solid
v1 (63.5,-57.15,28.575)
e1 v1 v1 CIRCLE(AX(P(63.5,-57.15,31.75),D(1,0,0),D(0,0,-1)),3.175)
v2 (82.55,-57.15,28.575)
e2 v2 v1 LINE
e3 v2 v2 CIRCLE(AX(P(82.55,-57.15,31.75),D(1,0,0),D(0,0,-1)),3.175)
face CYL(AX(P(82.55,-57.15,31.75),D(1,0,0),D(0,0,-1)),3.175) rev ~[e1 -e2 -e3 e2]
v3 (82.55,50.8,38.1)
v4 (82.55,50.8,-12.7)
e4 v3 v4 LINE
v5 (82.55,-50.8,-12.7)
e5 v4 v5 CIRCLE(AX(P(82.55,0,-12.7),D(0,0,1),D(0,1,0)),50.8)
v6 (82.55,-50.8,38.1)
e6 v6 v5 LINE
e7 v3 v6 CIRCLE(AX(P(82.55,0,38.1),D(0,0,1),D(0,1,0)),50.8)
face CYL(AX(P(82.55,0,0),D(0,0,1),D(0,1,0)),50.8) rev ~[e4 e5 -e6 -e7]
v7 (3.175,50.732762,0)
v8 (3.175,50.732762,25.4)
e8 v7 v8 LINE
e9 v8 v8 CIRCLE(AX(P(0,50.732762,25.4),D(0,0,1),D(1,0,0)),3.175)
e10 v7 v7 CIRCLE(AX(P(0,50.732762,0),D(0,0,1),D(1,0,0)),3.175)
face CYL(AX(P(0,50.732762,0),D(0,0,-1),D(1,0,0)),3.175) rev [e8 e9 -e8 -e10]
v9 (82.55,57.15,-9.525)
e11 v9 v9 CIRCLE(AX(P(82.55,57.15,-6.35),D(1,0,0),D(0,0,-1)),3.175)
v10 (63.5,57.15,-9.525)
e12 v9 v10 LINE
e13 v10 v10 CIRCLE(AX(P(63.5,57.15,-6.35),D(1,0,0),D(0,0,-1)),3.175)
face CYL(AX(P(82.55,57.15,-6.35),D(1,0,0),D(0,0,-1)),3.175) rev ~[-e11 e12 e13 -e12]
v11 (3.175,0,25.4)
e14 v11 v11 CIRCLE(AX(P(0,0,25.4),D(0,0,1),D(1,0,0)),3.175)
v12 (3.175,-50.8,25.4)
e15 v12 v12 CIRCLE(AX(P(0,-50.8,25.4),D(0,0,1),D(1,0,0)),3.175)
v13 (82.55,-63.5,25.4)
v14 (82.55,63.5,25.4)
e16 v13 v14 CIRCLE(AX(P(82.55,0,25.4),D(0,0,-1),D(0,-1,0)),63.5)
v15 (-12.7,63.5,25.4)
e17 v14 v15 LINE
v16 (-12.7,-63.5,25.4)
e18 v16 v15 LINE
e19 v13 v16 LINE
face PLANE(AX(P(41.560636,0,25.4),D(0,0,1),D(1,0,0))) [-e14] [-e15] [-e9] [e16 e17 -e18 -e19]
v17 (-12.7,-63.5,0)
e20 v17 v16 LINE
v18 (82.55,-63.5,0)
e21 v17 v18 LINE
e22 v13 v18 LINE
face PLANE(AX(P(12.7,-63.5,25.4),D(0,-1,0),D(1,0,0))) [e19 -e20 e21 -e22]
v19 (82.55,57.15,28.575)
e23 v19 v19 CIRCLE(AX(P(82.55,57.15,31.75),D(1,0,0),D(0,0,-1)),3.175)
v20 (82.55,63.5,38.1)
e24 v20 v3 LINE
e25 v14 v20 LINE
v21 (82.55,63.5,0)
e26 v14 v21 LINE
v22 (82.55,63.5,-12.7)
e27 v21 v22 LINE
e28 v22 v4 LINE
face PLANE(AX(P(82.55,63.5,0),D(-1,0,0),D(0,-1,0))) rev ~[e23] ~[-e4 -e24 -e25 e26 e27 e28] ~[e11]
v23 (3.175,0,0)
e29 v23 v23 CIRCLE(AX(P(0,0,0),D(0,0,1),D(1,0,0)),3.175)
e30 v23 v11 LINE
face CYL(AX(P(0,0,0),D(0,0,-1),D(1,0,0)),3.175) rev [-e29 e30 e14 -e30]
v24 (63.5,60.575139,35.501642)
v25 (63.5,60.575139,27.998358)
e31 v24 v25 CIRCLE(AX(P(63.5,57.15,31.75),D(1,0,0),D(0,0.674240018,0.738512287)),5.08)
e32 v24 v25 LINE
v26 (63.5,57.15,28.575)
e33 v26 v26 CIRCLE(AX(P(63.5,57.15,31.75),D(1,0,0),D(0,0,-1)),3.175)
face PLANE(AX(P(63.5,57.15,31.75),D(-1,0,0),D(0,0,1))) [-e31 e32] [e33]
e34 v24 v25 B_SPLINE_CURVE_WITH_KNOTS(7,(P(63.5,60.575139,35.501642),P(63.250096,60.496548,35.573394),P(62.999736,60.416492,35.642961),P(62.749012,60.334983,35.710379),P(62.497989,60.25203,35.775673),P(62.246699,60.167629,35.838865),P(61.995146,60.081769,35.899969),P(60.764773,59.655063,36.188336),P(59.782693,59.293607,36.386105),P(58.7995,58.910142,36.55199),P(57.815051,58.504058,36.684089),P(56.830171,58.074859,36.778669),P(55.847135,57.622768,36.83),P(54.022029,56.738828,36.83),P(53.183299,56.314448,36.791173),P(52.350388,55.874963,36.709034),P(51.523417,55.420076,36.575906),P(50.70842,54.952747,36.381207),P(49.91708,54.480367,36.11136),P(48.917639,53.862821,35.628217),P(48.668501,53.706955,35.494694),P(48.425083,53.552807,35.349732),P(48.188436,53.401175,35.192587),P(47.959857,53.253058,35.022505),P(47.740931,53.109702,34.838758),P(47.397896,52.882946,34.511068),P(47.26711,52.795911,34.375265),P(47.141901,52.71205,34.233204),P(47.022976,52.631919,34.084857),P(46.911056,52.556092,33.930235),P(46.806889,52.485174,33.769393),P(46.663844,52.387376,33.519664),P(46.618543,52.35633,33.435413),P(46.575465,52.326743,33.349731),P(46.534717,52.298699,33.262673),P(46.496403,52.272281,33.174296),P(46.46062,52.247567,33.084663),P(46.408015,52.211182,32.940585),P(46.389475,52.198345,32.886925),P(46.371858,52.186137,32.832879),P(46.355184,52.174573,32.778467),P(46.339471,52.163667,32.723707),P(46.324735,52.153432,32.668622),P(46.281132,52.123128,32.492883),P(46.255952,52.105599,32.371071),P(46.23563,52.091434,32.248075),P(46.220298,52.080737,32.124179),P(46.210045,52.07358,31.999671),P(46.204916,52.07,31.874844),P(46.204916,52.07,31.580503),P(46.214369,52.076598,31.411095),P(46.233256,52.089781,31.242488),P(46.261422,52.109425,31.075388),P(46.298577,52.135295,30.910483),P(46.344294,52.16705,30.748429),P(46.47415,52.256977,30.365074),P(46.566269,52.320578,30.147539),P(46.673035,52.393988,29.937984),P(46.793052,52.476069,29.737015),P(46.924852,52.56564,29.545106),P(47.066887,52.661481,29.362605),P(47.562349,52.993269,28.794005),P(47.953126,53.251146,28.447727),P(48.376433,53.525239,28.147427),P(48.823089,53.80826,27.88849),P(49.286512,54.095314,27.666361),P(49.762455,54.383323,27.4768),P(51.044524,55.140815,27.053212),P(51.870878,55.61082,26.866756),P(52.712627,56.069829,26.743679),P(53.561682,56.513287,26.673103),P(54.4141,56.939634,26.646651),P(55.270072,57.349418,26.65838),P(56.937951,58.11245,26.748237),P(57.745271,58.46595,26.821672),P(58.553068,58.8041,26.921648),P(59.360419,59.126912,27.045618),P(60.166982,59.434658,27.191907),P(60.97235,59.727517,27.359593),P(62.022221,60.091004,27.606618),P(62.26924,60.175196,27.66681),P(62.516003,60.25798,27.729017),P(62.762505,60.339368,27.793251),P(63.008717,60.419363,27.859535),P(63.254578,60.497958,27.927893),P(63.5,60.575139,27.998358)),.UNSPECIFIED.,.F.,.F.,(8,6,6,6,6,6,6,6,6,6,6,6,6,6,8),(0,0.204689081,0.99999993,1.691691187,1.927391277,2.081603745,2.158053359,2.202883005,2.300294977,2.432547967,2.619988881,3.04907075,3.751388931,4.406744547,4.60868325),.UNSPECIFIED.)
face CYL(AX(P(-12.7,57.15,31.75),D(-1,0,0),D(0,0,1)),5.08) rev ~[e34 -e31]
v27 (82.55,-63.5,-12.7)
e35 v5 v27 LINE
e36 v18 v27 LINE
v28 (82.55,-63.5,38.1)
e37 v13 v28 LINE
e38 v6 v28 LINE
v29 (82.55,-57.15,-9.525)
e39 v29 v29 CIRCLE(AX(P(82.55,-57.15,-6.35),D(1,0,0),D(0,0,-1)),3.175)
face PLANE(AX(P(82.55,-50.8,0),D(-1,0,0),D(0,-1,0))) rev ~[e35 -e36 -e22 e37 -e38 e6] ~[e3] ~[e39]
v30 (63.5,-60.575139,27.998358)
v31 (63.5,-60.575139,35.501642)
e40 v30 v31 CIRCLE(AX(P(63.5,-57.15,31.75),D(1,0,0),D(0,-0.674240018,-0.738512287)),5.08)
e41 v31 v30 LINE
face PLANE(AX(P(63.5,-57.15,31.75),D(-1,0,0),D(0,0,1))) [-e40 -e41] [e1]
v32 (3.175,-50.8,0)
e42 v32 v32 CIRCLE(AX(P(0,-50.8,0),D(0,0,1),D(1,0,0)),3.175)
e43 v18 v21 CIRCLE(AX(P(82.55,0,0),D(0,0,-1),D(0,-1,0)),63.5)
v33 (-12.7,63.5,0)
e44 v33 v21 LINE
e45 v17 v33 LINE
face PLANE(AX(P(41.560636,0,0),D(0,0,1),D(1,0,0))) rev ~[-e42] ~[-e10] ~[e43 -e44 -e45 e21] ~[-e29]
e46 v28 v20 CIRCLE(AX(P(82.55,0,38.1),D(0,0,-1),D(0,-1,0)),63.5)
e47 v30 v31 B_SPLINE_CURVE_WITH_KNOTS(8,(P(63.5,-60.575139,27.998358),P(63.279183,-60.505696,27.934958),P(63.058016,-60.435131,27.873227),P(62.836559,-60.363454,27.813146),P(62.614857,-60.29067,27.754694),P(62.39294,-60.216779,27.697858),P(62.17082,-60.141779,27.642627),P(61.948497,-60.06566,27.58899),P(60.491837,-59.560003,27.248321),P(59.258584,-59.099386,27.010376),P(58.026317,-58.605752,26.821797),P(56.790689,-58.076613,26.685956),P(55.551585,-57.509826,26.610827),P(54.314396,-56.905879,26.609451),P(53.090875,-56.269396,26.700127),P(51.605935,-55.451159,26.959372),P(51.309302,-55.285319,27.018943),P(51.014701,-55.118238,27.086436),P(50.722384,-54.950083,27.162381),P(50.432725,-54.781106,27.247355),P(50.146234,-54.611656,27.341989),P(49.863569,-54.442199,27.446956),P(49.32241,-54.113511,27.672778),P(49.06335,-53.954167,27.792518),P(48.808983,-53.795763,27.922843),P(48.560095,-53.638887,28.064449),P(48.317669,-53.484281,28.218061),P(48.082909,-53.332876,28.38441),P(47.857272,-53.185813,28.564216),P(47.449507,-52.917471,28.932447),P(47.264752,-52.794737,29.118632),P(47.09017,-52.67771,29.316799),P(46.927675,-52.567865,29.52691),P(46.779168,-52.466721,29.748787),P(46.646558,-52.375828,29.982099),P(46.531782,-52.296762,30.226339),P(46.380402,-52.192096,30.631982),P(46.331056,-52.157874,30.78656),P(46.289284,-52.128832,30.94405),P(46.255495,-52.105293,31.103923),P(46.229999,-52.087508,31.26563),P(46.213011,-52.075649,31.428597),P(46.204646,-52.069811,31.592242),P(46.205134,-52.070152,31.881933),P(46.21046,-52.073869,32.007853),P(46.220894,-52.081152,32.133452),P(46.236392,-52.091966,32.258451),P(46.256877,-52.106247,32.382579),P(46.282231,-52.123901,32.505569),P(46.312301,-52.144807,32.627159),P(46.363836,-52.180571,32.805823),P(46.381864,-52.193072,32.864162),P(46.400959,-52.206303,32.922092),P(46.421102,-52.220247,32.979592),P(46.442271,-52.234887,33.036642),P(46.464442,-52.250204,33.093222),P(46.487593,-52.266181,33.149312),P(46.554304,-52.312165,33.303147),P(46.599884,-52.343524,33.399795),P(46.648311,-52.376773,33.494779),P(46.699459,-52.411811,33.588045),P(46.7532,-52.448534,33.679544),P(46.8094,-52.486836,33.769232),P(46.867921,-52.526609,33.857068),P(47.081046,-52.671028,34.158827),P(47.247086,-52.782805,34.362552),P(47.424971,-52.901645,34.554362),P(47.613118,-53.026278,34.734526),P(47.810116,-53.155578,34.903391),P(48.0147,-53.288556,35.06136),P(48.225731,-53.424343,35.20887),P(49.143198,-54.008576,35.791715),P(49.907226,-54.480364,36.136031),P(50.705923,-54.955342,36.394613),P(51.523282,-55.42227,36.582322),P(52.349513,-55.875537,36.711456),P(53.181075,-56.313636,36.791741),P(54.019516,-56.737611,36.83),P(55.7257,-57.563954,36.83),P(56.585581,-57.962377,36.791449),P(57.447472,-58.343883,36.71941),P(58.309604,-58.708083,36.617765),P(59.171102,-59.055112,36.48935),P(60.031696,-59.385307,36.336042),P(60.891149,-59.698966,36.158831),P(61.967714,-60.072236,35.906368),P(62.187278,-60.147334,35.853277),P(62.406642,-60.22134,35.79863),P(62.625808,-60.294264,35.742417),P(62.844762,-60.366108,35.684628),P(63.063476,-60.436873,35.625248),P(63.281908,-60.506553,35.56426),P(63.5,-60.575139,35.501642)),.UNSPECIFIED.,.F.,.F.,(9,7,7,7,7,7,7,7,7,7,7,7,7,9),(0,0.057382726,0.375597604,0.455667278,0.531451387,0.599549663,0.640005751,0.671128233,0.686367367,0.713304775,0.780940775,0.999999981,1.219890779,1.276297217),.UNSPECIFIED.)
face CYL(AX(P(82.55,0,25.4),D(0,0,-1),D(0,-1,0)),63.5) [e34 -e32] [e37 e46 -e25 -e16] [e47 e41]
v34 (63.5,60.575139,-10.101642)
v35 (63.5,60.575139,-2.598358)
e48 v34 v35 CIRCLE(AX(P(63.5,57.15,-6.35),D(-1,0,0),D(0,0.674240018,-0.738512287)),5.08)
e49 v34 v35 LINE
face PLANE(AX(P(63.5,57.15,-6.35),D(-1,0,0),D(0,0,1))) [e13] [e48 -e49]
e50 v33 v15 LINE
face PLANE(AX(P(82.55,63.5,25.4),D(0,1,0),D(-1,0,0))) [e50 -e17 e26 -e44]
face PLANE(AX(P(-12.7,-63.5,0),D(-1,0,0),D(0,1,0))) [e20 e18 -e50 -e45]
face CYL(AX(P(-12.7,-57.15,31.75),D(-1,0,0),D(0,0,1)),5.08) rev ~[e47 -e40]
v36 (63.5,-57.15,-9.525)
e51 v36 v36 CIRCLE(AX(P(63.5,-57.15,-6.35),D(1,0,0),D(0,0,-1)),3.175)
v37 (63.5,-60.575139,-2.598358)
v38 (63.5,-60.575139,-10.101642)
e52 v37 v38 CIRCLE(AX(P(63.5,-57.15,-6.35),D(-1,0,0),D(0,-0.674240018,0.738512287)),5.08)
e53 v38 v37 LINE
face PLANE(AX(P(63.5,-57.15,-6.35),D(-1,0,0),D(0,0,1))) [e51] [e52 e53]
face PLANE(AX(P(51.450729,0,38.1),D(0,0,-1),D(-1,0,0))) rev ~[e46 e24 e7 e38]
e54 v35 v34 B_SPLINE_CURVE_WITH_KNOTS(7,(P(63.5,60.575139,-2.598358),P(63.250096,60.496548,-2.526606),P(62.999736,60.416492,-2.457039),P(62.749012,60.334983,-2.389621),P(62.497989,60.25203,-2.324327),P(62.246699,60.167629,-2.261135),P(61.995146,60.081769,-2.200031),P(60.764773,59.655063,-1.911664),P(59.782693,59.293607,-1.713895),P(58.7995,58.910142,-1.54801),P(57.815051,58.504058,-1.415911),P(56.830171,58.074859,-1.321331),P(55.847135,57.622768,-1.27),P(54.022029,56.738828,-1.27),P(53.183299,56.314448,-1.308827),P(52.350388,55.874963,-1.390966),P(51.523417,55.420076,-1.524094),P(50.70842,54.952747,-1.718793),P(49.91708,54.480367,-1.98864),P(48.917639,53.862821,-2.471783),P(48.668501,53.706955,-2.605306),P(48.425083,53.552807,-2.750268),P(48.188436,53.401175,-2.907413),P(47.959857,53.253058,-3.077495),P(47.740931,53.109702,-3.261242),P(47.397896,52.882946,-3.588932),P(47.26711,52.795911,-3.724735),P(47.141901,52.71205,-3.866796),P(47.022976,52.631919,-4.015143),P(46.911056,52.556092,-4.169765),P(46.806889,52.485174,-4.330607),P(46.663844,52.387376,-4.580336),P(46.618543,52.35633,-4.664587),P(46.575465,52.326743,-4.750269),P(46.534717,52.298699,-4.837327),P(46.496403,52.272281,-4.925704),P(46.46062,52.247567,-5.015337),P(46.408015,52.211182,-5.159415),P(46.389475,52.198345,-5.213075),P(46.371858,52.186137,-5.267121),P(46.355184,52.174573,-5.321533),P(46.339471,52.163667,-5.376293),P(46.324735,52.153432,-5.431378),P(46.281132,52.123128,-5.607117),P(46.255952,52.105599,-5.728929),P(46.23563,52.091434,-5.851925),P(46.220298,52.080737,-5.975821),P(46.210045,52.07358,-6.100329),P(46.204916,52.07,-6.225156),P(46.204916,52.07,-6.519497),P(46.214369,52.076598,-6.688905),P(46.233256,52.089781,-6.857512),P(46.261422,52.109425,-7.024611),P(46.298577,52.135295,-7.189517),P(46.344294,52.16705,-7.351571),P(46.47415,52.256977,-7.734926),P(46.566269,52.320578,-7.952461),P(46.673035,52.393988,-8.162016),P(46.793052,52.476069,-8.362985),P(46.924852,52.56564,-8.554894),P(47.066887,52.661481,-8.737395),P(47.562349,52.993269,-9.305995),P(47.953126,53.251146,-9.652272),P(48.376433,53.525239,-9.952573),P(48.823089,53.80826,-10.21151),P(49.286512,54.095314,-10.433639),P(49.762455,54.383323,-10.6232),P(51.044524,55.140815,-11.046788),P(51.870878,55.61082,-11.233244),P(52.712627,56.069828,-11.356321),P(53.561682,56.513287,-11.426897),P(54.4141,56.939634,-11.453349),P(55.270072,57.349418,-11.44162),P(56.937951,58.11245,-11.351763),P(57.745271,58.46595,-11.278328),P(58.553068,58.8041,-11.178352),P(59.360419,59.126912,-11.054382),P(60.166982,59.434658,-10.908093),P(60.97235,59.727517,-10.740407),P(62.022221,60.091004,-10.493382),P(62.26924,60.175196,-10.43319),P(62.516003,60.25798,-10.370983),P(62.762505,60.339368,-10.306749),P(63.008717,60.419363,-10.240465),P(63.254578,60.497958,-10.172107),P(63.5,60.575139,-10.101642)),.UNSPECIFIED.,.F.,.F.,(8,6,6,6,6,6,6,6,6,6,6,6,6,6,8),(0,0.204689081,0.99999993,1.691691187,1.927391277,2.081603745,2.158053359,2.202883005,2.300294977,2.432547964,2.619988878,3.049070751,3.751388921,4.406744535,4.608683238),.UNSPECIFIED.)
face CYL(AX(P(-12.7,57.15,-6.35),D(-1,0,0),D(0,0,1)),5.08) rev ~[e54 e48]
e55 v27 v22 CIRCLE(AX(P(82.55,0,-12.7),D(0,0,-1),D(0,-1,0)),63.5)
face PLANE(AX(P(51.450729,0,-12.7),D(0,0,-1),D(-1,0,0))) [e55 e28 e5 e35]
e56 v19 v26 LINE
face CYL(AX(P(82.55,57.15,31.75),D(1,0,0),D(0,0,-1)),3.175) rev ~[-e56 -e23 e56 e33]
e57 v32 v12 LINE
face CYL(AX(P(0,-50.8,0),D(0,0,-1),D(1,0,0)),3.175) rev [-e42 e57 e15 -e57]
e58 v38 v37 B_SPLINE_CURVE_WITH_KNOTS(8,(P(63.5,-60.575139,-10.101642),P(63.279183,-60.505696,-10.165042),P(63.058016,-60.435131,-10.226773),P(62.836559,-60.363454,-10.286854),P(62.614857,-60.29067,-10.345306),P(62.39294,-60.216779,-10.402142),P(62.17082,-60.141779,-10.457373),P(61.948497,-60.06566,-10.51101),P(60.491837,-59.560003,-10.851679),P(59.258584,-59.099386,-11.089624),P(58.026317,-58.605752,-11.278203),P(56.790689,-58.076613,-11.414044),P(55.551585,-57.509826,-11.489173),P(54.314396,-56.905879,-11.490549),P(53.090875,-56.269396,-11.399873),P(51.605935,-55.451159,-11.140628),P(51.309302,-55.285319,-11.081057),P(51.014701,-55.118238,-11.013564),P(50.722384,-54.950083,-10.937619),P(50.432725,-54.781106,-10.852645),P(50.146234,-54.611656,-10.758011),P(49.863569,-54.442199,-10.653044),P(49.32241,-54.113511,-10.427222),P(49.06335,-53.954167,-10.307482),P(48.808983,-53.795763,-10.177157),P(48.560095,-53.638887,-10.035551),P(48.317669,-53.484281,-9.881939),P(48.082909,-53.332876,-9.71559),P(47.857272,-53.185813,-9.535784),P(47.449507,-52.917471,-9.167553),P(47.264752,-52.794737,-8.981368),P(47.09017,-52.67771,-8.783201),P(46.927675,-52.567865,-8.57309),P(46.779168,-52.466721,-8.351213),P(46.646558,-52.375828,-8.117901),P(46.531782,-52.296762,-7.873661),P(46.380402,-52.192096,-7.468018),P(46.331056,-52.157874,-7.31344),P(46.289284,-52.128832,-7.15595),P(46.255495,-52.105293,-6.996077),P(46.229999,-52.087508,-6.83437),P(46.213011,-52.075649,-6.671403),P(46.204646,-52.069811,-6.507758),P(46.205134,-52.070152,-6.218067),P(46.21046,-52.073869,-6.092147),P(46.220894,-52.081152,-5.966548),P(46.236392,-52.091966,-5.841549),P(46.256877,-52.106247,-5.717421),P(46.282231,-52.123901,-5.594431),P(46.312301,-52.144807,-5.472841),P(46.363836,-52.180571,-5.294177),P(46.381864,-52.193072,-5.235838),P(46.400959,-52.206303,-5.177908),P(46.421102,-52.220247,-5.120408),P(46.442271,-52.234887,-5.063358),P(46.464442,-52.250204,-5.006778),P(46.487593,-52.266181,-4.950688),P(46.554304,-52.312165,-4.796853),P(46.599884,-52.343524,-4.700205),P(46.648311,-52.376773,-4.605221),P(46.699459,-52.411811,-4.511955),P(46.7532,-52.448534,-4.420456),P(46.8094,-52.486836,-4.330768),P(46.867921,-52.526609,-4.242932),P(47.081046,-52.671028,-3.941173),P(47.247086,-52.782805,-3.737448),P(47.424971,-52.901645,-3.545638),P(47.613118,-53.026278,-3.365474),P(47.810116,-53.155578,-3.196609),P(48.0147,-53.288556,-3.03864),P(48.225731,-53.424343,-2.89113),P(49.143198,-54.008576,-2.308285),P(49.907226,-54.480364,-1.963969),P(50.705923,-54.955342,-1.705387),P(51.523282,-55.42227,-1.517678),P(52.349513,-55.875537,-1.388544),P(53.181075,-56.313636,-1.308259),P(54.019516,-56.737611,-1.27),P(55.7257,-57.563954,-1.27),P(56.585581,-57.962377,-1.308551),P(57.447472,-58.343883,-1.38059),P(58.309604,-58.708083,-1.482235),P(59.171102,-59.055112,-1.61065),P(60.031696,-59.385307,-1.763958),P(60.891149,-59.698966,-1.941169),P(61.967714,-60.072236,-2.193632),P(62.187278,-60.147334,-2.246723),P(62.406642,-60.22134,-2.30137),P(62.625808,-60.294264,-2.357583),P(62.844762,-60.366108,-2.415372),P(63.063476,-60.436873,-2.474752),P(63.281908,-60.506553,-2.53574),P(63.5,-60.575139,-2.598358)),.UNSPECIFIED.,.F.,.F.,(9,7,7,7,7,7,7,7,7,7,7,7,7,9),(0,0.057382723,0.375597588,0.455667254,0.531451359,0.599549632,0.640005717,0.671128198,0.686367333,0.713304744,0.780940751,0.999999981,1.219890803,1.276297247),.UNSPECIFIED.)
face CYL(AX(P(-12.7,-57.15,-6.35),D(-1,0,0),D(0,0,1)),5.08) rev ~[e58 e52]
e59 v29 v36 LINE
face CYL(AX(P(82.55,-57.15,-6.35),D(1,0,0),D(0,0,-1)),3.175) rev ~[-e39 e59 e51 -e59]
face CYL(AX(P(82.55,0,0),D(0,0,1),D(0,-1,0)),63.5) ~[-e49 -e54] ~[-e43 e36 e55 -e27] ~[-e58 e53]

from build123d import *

# Parameters (mm, degrees)
SKETCH1_W           = 25.4
SKETCH1_H           = 127
SKETCH1_R           = 3.175
BOSS_EXTRUDE1_DEPTH = 25.4
BOSS_EXTRUDE2_DEPTH = 25.4
BOSS_EXTRUDE3_DEPTH = 12.7
BOSS_EXTRUDE4_DEPTH = 12.7
SKETCH5_R           = 3.175
CUT_EXTRUDE1_DEPTH  = 96.25
SKETCH6_R           = 5.08
CUT_EXTRUDE2_DEPTH  = 76.2


with BuildPart() as part:
    # Sketch1 → Boss-Extrude1 (new body)
    with BuildSketch(Plane.XY):
        Rectangle(SKETCH1_W, SKETCH1_H)
        with Locations((0, 50.732762061)):
            Circle(SKETCH1_R, mode=Mode.SUBTRACT)
        Circle(SKETCH1_R, mode=Mode.SUBTRACT)
        with Locations((0, -50.8)):
            Circle(SKETCH1_R, mode=Mode.SUBTRACT)
    extrude(amount=BOSS_EXTRUDE1_DEPTH)

    # Sketch2 → Boss-Extrude2 (add)
    with BuildSketch(Plane.XY.offset(25.4)):
        with BuildLine():
            Line((12.7, 63.5), (12.7, -63.5))
            Line((12.7, -63.5), (82.55, -63.5))
            Line((82.55, -63.5), (82.55, -50.8))
            ThreePointArc((82.55, -50.8), (31.75, 0), (82.55, 50.8))
            Line((82.55, 50.8), (82.55, 63.5))
            Line((82.55, 63.5), (12.7, 63.5))
        make_face()
    extrude(amount=-BOSS_EXTRUDE2_DEPTH)

    # Sketch3 → Boss-Extrude3 (add)
    with BuildSketch(Plane.XY.offset(25.4)):
        with BuildLine():
            Line((82.55, 63.5), (82.55, 50.8))
            ThreePointArc((82.55, 50.8), (31.75, 0), (82.55, -50.8))
            Line((82.55, -50.8), (82.55, -63.5))
            ThreePointArc((82.55, -63.5), (19.05, 0), (82.55, 63.5))
        make_face()
    extrude(amount=BOSS_EXTRUDE3_DEPTH)

    # Sketch4 → Boss-Extrude4 (add)
    with BuildSketch(Plane(origin=(0, 0, 0), x_dir=(-1, 0, 0), z_dir=(0, 0, -1))):
        with BuildLine():
            Line((-82.55, 63.5), (-82.55, 50.8))
            ThreePointArc((-82.55, 50.8), (-31.75, 0), (-82.55, -50.8))
            Line((-82.55, -50.8), (-82.55, -63.5))
            ThreePointArc((-82.55, -63.5), (-19.05, 0), (-82.55, 63.5))
        make_face()
    extrude(amount=BOSS_EXTRUDE4_DEPTH)

    # Sketch5 → Cut-Extrude1 (cut, through all)
    with BuildSketch(Plane(origin=(82.55, 0, 0), x_dir=(0, 0, -1), z_dir=(1, 0, 0))):
        with Locations((-31.75, 57.15)):
            Circle(SKETCH5_R)
        with Locations((6.35, 57.15)):
            Circle(SKETCH5_R)
        with Locations((6.35, -57.15)):
            Circle(SKETCH5_R)
        with Locations((-31.75, -57.15)):
            Circle(SKETCH5_R)
    extrude(amount=-CUT_EXTRUDE1_DEPTH, mode=Mode.SUBTRACT)

    # Sketch6 → Cut-Extrude2 (cut)
    with BuildSketch(Plane.ZY.offset(12.7)):
        with Locations((-6.35, 57.15)):
            Circle(SKETCH6_R)
        with Locations((31.75, 57.15)):
            Circle(SKETCH6_R)
        with Locations((31.75, -57.15)):
            Circle(SKETCH6_R)
        with Locations((-6.35, -57.15)):
            Circle(SKETCH6_R)
    extrude(amount=-CUT_EXTRUDE2_DEPTH, mode=Mode.SUBTRACT)


solid = part.part
